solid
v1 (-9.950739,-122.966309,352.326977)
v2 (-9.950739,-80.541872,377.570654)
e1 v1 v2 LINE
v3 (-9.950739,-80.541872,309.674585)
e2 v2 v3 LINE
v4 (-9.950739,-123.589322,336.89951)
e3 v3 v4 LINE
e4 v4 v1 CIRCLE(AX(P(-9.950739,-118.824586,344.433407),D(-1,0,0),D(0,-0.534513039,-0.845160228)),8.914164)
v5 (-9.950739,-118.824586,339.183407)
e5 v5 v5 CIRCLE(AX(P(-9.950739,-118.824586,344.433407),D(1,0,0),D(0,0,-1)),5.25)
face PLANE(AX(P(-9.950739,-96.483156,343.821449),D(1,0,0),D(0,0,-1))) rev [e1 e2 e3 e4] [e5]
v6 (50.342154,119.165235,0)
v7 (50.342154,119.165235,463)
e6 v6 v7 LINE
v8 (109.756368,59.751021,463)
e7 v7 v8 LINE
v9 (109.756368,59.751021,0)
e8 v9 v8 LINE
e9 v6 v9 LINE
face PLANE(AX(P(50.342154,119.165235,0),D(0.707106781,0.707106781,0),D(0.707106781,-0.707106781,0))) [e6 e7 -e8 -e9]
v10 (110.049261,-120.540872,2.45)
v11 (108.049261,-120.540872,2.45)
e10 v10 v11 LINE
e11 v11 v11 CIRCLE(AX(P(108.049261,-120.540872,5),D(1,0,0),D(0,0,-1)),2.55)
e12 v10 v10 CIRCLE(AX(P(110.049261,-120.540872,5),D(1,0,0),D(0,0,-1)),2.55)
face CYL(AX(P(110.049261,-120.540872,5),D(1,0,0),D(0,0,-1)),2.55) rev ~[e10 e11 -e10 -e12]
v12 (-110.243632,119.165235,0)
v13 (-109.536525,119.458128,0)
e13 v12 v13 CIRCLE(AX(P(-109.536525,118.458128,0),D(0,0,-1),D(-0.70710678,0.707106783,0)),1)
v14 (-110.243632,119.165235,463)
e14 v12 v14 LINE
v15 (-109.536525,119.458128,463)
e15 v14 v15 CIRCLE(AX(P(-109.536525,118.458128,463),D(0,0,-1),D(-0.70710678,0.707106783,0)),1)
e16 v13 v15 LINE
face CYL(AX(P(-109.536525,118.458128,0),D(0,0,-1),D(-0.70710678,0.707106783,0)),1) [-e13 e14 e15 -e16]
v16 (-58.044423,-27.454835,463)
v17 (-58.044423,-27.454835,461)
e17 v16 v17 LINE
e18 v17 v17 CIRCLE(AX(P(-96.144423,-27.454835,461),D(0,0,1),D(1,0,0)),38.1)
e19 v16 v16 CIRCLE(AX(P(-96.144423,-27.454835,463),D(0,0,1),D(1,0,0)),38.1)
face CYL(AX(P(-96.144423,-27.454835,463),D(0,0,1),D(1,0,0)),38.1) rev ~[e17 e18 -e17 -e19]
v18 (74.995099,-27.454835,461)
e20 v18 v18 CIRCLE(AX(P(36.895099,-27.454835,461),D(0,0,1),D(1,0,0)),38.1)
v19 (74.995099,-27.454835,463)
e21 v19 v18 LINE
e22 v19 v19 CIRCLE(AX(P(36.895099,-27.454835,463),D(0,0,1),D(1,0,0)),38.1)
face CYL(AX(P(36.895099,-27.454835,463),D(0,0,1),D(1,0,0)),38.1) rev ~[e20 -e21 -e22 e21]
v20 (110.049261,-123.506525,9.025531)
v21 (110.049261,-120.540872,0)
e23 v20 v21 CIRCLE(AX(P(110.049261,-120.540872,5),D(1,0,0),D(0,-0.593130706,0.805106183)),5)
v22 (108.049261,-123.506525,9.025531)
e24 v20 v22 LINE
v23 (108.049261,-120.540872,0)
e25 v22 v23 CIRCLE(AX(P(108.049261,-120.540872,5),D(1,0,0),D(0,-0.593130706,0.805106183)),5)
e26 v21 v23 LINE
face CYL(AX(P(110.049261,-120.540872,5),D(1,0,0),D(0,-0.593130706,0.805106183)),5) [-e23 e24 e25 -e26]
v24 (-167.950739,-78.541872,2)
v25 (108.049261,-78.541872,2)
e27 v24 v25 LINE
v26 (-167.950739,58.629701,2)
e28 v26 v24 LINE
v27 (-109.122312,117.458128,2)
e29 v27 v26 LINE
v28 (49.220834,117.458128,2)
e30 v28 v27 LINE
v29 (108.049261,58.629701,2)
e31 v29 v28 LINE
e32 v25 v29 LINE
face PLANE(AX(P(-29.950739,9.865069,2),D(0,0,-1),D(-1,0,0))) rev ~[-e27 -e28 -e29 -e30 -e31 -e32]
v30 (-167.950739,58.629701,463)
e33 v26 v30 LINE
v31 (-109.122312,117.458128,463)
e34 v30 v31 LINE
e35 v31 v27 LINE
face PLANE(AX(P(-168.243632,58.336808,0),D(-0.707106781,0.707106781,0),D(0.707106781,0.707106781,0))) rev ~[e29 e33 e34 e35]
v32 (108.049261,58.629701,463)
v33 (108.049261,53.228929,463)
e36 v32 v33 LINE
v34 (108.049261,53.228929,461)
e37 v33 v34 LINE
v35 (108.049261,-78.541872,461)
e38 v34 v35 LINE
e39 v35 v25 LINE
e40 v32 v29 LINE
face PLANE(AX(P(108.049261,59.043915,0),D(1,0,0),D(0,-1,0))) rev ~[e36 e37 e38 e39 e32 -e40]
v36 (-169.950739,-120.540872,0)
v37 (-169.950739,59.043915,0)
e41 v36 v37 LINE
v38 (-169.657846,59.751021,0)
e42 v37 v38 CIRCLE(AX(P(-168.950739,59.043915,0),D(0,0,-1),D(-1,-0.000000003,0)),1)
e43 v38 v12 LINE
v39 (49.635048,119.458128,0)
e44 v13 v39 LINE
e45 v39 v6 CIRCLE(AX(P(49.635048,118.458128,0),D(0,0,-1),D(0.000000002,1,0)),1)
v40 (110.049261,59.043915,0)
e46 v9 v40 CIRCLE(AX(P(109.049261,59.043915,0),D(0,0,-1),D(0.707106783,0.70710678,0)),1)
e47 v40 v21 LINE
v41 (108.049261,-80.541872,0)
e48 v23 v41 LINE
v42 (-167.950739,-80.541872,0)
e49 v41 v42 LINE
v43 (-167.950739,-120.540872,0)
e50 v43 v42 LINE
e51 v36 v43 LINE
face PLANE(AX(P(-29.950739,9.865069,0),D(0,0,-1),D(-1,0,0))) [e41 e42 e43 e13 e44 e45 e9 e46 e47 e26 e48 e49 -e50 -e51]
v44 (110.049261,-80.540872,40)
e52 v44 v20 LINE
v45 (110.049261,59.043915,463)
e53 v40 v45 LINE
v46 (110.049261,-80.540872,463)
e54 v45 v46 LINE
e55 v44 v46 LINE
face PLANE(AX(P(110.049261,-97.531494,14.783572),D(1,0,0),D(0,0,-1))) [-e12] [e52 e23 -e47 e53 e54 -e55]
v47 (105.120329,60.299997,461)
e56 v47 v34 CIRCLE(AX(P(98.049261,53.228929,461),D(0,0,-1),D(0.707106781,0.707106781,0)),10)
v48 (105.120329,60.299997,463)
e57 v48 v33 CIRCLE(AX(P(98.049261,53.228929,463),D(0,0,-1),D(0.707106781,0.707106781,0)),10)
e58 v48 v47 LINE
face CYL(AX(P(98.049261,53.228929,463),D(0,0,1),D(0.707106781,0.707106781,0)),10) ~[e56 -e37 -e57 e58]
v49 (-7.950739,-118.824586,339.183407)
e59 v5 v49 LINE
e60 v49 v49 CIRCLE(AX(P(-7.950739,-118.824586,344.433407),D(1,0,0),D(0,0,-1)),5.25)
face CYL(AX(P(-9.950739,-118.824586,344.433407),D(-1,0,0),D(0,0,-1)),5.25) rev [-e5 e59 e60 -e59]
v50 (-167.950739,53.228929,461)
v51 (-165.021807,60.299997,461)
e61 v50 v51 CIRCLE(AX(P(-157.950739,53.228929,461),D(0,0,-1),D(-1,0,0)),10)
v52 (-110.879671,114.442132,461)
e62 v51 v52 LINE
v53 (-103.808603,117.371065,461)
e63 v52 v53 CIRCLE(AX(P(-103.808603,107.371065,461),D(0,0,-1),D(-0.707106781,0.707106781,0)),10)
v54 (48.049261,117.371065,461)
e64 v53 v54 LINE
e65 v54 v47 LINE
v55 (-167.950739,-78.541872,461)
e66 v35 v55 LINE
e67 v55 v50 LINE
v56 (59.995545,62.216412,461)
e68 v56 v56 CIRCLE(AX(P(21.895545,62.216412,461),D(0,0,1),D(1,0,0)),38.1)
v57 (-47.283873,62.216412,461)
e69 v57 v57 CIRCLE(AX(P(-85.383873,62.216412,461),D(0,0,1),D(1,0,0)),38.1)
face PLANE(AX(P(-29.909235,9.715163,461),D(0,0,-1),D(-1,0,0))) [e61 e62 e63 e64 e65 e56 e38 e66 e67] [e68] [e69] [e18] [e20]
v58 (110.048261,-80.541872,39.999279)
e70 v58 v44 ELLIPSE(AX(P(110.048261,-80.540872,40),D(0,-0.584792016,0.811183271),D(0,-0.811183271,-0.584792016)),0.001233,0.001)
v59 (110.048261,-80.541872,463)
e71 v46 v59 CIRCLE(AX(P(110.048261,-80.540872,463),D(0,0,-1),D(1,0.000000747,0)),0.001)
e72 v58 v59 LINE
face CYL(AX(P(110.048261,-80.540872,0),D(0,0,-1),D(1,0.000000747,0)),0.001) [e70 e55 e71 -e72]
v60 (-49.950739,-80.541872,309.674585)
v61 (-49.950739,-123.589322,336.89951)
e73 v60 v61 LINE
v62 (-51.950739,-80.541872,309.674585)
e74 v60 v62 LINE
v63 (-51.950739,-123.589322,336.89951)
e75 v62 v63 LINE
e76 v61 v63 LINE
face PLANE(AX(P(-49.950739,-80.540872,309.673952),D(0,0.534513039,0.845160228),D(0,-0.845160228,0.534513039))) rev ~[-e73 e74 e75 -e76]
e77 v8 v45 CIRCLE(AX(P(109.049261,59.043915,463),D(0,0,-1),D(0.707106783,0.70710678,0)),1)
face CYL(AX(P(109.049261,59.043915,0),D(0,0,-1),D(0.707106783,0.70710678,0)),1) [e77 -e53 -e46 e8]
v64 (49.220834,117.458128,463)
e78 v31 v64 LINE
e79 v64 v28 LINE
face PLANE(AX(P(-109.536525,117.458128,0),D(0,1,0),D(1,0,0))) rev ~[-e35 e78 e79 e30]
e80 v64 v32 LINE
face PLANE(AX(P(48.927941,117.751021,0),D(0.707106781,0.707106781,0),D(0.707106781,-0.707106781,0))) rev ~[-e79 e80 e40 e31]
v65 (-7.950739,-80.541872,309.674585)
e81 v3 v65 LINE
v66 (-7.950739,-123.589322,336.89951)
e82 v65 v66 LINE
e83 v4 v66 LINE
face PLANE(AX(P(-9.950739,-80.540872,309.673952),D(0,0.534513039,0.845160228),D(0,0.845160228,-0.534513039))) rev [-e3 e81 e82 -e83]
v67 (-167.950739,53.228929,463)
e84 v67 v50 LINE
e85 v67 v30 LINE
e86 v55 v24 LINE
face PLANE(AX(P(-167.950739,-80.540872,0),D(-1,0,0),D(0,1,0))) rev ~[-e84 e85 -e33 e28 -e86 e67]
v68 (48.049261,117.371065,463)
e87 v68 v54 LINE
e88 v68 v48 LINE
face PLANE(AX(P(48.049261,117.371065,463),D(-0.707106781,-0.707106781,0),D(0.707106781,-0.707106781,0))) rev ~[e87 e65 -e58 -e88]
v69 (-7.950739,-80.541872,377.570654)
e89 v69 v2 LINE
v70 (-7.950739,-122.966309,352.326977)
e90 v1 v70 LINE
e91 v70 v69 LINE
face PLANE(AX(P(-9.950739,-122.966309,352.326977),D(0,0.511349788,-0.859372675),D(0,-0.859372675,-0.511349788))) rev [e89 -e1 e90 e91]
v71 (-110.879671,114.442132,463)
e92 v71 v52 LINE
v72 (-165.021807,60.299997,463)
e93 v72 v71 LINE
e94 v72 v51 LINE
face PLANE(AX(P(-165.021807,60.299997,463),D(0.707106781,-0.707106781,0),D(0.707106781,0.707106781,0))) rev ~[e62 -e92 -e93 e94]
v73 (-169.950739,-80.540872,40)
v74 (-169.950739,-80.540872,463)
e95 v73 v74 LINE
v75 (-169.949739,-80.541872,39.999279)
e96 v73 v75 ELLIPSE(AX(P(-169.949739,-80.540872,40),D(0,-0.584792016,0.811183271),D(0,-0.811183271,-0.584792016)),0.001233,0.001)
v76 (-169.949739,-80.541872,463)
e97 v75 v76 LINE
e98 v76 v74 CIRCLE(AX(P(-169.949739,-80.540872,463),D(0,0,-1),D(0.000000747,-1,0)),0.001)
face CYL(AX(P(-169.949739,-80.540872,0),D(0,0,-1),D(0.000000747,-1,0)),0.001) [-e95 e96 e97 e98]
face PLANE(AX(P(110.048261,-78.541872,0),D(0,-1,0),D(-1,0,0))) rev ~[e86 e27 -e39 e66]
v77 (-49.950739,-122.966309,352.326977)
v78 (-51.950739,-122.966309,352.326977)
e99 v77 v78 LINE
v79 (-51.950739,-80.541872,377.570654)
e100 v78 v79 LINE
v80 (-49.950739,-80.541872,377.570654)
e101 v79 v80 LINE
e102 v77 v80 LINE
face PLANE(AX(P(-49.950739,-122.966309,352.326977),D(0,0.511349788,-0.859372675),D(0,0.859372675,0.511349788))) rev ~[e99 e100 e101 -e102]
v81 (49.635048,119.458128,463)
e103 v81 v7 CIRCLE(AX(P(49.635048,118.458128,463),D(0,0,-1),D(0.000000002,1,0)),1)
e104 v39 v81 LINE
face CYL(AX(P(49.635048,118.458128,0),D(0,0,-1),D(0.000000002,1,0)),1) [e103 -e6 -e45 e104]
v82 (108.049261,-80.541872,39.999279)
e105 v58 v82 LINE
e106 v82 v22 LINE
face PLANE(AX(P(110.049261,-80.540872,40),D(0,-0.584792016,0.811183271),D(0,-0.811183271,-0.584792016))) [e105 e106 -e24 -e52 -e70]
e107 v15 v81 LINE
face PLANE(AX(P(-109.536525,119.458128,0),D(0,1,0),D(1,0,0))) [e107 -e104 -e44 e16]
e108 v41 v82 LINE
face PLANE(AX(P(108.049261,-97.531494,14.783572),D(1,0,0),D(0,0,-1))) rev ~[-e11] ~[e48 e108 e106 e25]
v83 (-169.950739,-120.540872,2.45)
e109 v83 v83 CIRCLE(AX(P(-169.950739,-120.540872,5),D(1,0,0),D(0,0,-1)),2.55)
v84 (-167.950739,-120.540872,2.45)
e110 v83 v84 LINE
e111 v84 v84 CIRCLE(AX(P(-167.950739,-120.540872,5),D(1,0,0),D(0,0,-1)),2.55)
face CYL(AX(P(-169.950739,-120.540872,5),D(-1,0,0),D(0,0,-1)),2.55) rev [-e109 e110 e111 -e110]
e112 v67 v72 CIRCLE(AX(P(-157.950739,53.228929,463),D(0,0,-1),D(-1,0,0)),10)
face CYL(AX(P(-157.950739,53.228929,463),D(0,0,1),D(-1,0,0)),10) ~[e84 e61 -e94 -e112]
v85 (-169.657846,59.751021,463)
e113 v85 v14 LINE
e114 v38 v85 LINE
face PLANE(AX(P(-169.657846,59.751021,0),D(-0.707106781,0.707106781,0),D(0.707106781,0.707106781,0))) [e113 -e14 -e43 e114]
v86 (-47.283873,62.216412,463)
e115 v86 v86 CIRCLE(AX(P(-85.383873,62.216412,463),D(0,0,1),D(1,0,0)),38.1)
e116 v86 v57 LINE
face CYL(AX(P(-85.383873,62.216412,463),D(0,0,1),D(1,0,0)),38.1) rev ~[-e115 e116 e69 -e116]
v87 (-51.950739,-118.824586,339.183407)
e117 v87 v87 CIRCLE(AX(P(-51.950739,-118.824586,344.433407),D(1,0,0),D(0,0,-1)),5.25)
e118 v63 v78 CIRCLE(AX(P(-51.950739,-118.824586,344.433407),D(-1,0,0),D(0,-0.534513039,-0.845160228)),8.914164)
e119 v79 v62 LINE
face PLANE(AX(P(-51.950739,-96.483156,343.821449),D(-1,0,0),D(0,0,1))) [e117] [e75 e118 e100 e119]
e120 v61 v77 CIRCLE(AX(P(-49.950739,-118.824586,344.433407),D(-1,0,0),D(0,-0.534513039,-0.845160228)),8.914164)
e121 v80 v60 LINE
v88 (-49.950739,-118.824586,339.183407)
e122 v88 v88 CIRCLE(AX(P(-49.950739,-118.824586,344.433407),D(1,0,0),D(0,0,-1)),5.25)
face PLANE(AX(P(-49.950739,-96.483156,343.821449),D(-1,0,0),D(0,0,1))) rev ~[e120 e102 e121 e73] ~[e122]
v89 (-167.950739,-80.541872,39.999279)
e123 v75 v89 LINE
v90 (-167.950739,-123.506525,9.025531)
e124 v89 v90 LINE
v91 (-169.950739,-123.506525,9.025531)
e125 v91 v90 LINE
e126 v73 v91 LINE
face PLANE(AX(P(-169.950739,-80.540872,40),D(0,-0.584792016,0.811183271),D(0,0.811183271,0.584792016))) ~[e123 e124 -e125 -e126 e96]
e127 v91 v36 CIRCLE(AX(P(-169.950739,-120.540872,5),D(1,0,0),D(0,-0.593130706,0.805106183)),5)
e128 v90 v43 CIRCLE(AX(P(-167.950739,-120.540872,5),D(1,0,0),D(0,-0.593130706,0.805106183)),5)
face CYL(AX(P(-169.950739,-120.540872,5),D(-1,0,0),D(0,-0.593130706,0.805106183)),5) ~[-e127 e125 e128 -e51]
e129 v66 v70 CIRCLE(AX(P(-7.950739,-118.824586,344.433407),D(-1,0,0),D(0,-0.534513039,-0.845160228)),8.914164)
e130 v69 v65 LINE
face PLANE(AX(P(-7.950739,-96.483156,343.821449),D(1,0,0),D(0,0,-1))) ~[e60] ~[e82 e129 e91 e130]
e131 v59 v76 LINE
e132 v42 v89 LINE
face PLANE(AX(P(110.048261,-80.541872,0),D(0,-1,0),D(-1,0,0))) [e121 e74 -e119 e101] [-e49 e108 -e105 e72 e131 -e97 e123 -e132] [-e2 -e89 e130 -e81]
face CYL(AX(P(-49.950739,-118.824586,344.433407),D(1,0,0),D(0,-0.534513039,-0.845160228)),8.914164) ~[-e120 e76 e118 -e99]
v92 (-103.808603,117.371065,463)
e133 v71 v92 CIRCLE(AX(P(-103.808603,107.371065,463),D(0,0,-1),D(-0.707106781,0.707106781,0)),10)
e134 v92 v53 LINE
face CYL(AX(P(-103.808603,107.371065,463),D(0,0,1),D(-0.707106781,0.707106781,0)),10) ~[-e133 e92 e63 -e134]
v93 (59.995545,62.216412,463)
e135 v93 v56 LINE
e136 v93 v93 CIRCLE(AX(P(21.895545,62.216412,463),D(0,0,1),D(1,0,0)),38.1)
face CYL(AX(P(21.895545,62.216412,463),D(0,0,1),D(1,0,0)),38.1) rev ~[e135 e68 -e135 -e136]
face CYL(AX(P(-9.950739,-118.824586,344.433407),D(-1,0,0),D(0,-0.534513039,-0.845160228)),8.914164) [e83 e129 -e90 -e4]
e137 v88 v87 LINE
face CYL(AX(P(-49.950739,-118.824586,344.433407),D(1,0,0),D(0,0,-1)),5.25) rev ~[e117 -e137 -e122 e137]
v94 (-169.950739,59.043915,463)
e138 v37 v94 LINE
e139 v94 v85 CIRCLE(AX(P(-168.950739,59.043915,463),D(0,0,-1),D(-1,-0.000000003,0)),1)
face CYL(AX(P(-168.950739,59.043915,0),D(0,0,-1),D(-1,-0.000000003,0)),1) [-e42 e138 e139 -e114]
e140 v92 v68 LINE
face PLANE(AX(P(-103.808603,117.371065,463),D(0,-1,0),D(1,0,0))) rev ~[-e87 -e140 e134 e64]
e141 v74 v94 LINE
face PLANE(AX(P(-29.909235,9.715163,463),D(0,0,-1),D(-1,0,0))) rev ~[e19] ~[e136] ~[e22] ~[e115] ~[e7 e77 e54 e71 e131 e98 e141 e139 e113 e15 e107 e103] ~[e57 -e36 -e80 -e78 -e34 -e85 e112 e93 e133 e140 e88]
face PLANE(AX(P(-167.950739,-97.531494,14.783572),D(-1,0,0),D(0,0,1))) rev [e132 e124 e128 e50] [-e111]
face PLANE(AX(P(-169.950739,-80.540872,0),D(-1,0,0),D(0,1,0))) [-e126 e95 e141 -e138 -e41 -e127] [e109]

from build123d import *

# Parameters (mm, degrees)
BOSS_EXTRUDE1_DEPTH = 463
SHELL2_T            = -2
SKETCH2_R           = 2.55
BOSS_EXTRUDE2_DEPTH = 2
SKETCH4_R           = 5.25
BOSS_EXTRUDE3_DEPTH = 2
BOSS_EXTRUDE4_DEPTH = 2
SKETCH6_R           = 38.1
CUT_EXTRUDE1_DEPTH  = 2


with BuildPart() as part:
    # Sketch1 → Boss-Extrude1 (new body)
    with BuildSketch(Plane.XY):
        with BuildLine():
            Line((-169.657845697, 59.751021298), (-110.243632135, 119.16523486))
            ThreePointArc((-110.243632135, 119.16523486), (-109.919208786, 119.382007611), (-109.536525354, 119.458128079))
            Line((-109.536525354, 119.458128079), (49.635047521, 119.458128079))
            ThreePointArc((49.635047521, 119.458128079), (50.017730954, 119.382007611), (50.342154303, 119.16523486))
            Line((50.342154303, 119.16523486), (109.756367865, 59.751021298))
            ThreePointArc((109.756367865, 59.751021298), (109.973140616, 59.426597949), (110.049261084, 59.043914516))
            Line((110.049261084, 59.043914516), (110.049261084, -80.540871921))
            ThreePointArc((110.049261084, -80.540871921), (110.048968191, -80.541579028), (110.048261084, -80.541871921))
            Line((110.048261084, -80.541871921), (-169.949738916, -80.541871921))
            ThreePointArc((-169.949738916, -80.541871921), (-169.950446023, -80.541579028), (-169.950738916, -80.540871921))
            Line((-169.950738916, -80.540871921), (-169.950738916, 59.043914516))
            ThreePointArc((-169.950738916, 59.043914516), (-169.874618449, 59.426597949), (-169.657845697, 59.751021298))
        make_face()
    extrude(amount=BOSS_EXTRUDE1_DEPTH)

    # Shell2
    shell2_openings = [part.faces().sort_by_distance(p)[0] for p in [
        (-29.950738916, 32.739133998, 463),
    ]]
    offset(amount=SHELL2_T, openings=shell2_openings, kind=Kind.INTERSECTION)

    # Sketch2 → Boss-Extrude2 (add)
    with BuildSketch(Plane(origin=(110.049261084, 0, 0), x_dir=(0, 0, -1), z_dir=(1, 0, 0))):
        with BuildLine():
            Line((-40, -80.540871921), (-9.025530914, -123.506525452))
            ThreePointArc((-9.025530914, -123.506525452), (-3.439175629, -125.291011633), (0, -120.540871921))
            Line((0, -120.540871921), (0, -80.540871921))
            Line((0, -80.540871921), (-40, -80.540871921))
        make_face()
        with Locations((-5, -120.540871921)):
            Circle(SKETCH2_R, mode=Mode.SUBTRACT)
    boss_extrude2 = extrude(amount=-BOSS_EXTRUDE2_DEPTH)

    # Mirror1: Boss-Extrude2 across plane
    add(boss_extrude2.mirror(Plane(origin=(-29.950738916, 0, 0), x_dir=(0, 0, 1), z_dir=(1, 0, 0))))

    # Sketch4 → Boss-Extrude3 (add)
    with BuildSketch(Plane(origin=(-49.950738916, 0, 0), x_dir=(0, 0, -1), z_dir=(1, 0, 0))):
        with BuildLine():
            Line((-352.326976552, -122.966309209), (-377.571249485, -80.540871921))
            Line((-377.571249485, -80.540871921), (-309.673952471, -80.540871921))
            Line((-309.673952471, -80.540871921), (-336.899509657, -123.589322478))
            ThreePointArc((-336.899509657, -123.589322478), (-344.793097516, -127.731489821), (-352.326976552, -122.966309209))
        make_face()
        with Locations((-344.43340661, -118.824585544)):
            Circle(SKETCH4_R, mode=Mode.SUBTRACT)
    boss_extrude3 = extrude(amount=-BOSS_EXTRUDE3_DEPTH)

    # Mirror2: Boss-Extrude3 across plane
    add(boss_extrude3.mirror(Plane(origin=(-29.950738916, 0, 0), x_dir=(0, 0, 1), z_dir=(1, 0, 0))))

    # Sketch5 → Boss-Extrude4 (add)
    with BuildSketch(Plane.XY.offset(463)):
        with BuildLine():
            Line((-165.021806728, 60.299996742), (-110.879671104, 114.442132366))
            ThreePointArc((-110.879671104, 114.442132366), (-107.635437616, 116.609859879), (-103.808603293, 117.371064554))
            Line((-103.808603293, 117.371064554), (48.049261084, 117.371064554))
            Line((48.049261084, 117.371064554), (105.120328896, 60.299996742))
            ThreePointArc((105.120328896, 60.299996742), (107.288056409, 57.055763254), (108.049261084, 53.22892893))
            Line((108.049261084, 53.22892893), (108.049261084, -78.541871921))
            Line((108.049261084, -78.541871921), (-167.950738916, -78.541871921))
            Line((-167.950738916, -78.541871921), (-167.950738916, 53.22892893))
            ThreePointArc((-167.950738916, 53.22892893), (-167.189534241, 57.055763254), (-165.021806728, 60.299996742))
        make_face()
    extrude(amount=-BOSS_EXTRUDE4_DEPTH)

    # Sketch6 → Cut-Extrude1 (cut)
    with BuildSketch(Plane.XY.offset(463)):
        with Locations((36.895099285, -27.454834831)):
            Circle(SKETCH6_R)
        with Locations((-96.144422598, -27.454834831)):
            Circle(SKETCH6_R)
        with Locations((-85.383873034, 62.216411536)):
            Circle(SKETCH6_R)
        with Locations((21.895545347, 62.216411536)):
            Circle(SKETCH6_R)
    extrude(amount=-CUT_EXTRUDE1_DEPTH, mode=Mode.SUBTRACT)


solid = part.part
